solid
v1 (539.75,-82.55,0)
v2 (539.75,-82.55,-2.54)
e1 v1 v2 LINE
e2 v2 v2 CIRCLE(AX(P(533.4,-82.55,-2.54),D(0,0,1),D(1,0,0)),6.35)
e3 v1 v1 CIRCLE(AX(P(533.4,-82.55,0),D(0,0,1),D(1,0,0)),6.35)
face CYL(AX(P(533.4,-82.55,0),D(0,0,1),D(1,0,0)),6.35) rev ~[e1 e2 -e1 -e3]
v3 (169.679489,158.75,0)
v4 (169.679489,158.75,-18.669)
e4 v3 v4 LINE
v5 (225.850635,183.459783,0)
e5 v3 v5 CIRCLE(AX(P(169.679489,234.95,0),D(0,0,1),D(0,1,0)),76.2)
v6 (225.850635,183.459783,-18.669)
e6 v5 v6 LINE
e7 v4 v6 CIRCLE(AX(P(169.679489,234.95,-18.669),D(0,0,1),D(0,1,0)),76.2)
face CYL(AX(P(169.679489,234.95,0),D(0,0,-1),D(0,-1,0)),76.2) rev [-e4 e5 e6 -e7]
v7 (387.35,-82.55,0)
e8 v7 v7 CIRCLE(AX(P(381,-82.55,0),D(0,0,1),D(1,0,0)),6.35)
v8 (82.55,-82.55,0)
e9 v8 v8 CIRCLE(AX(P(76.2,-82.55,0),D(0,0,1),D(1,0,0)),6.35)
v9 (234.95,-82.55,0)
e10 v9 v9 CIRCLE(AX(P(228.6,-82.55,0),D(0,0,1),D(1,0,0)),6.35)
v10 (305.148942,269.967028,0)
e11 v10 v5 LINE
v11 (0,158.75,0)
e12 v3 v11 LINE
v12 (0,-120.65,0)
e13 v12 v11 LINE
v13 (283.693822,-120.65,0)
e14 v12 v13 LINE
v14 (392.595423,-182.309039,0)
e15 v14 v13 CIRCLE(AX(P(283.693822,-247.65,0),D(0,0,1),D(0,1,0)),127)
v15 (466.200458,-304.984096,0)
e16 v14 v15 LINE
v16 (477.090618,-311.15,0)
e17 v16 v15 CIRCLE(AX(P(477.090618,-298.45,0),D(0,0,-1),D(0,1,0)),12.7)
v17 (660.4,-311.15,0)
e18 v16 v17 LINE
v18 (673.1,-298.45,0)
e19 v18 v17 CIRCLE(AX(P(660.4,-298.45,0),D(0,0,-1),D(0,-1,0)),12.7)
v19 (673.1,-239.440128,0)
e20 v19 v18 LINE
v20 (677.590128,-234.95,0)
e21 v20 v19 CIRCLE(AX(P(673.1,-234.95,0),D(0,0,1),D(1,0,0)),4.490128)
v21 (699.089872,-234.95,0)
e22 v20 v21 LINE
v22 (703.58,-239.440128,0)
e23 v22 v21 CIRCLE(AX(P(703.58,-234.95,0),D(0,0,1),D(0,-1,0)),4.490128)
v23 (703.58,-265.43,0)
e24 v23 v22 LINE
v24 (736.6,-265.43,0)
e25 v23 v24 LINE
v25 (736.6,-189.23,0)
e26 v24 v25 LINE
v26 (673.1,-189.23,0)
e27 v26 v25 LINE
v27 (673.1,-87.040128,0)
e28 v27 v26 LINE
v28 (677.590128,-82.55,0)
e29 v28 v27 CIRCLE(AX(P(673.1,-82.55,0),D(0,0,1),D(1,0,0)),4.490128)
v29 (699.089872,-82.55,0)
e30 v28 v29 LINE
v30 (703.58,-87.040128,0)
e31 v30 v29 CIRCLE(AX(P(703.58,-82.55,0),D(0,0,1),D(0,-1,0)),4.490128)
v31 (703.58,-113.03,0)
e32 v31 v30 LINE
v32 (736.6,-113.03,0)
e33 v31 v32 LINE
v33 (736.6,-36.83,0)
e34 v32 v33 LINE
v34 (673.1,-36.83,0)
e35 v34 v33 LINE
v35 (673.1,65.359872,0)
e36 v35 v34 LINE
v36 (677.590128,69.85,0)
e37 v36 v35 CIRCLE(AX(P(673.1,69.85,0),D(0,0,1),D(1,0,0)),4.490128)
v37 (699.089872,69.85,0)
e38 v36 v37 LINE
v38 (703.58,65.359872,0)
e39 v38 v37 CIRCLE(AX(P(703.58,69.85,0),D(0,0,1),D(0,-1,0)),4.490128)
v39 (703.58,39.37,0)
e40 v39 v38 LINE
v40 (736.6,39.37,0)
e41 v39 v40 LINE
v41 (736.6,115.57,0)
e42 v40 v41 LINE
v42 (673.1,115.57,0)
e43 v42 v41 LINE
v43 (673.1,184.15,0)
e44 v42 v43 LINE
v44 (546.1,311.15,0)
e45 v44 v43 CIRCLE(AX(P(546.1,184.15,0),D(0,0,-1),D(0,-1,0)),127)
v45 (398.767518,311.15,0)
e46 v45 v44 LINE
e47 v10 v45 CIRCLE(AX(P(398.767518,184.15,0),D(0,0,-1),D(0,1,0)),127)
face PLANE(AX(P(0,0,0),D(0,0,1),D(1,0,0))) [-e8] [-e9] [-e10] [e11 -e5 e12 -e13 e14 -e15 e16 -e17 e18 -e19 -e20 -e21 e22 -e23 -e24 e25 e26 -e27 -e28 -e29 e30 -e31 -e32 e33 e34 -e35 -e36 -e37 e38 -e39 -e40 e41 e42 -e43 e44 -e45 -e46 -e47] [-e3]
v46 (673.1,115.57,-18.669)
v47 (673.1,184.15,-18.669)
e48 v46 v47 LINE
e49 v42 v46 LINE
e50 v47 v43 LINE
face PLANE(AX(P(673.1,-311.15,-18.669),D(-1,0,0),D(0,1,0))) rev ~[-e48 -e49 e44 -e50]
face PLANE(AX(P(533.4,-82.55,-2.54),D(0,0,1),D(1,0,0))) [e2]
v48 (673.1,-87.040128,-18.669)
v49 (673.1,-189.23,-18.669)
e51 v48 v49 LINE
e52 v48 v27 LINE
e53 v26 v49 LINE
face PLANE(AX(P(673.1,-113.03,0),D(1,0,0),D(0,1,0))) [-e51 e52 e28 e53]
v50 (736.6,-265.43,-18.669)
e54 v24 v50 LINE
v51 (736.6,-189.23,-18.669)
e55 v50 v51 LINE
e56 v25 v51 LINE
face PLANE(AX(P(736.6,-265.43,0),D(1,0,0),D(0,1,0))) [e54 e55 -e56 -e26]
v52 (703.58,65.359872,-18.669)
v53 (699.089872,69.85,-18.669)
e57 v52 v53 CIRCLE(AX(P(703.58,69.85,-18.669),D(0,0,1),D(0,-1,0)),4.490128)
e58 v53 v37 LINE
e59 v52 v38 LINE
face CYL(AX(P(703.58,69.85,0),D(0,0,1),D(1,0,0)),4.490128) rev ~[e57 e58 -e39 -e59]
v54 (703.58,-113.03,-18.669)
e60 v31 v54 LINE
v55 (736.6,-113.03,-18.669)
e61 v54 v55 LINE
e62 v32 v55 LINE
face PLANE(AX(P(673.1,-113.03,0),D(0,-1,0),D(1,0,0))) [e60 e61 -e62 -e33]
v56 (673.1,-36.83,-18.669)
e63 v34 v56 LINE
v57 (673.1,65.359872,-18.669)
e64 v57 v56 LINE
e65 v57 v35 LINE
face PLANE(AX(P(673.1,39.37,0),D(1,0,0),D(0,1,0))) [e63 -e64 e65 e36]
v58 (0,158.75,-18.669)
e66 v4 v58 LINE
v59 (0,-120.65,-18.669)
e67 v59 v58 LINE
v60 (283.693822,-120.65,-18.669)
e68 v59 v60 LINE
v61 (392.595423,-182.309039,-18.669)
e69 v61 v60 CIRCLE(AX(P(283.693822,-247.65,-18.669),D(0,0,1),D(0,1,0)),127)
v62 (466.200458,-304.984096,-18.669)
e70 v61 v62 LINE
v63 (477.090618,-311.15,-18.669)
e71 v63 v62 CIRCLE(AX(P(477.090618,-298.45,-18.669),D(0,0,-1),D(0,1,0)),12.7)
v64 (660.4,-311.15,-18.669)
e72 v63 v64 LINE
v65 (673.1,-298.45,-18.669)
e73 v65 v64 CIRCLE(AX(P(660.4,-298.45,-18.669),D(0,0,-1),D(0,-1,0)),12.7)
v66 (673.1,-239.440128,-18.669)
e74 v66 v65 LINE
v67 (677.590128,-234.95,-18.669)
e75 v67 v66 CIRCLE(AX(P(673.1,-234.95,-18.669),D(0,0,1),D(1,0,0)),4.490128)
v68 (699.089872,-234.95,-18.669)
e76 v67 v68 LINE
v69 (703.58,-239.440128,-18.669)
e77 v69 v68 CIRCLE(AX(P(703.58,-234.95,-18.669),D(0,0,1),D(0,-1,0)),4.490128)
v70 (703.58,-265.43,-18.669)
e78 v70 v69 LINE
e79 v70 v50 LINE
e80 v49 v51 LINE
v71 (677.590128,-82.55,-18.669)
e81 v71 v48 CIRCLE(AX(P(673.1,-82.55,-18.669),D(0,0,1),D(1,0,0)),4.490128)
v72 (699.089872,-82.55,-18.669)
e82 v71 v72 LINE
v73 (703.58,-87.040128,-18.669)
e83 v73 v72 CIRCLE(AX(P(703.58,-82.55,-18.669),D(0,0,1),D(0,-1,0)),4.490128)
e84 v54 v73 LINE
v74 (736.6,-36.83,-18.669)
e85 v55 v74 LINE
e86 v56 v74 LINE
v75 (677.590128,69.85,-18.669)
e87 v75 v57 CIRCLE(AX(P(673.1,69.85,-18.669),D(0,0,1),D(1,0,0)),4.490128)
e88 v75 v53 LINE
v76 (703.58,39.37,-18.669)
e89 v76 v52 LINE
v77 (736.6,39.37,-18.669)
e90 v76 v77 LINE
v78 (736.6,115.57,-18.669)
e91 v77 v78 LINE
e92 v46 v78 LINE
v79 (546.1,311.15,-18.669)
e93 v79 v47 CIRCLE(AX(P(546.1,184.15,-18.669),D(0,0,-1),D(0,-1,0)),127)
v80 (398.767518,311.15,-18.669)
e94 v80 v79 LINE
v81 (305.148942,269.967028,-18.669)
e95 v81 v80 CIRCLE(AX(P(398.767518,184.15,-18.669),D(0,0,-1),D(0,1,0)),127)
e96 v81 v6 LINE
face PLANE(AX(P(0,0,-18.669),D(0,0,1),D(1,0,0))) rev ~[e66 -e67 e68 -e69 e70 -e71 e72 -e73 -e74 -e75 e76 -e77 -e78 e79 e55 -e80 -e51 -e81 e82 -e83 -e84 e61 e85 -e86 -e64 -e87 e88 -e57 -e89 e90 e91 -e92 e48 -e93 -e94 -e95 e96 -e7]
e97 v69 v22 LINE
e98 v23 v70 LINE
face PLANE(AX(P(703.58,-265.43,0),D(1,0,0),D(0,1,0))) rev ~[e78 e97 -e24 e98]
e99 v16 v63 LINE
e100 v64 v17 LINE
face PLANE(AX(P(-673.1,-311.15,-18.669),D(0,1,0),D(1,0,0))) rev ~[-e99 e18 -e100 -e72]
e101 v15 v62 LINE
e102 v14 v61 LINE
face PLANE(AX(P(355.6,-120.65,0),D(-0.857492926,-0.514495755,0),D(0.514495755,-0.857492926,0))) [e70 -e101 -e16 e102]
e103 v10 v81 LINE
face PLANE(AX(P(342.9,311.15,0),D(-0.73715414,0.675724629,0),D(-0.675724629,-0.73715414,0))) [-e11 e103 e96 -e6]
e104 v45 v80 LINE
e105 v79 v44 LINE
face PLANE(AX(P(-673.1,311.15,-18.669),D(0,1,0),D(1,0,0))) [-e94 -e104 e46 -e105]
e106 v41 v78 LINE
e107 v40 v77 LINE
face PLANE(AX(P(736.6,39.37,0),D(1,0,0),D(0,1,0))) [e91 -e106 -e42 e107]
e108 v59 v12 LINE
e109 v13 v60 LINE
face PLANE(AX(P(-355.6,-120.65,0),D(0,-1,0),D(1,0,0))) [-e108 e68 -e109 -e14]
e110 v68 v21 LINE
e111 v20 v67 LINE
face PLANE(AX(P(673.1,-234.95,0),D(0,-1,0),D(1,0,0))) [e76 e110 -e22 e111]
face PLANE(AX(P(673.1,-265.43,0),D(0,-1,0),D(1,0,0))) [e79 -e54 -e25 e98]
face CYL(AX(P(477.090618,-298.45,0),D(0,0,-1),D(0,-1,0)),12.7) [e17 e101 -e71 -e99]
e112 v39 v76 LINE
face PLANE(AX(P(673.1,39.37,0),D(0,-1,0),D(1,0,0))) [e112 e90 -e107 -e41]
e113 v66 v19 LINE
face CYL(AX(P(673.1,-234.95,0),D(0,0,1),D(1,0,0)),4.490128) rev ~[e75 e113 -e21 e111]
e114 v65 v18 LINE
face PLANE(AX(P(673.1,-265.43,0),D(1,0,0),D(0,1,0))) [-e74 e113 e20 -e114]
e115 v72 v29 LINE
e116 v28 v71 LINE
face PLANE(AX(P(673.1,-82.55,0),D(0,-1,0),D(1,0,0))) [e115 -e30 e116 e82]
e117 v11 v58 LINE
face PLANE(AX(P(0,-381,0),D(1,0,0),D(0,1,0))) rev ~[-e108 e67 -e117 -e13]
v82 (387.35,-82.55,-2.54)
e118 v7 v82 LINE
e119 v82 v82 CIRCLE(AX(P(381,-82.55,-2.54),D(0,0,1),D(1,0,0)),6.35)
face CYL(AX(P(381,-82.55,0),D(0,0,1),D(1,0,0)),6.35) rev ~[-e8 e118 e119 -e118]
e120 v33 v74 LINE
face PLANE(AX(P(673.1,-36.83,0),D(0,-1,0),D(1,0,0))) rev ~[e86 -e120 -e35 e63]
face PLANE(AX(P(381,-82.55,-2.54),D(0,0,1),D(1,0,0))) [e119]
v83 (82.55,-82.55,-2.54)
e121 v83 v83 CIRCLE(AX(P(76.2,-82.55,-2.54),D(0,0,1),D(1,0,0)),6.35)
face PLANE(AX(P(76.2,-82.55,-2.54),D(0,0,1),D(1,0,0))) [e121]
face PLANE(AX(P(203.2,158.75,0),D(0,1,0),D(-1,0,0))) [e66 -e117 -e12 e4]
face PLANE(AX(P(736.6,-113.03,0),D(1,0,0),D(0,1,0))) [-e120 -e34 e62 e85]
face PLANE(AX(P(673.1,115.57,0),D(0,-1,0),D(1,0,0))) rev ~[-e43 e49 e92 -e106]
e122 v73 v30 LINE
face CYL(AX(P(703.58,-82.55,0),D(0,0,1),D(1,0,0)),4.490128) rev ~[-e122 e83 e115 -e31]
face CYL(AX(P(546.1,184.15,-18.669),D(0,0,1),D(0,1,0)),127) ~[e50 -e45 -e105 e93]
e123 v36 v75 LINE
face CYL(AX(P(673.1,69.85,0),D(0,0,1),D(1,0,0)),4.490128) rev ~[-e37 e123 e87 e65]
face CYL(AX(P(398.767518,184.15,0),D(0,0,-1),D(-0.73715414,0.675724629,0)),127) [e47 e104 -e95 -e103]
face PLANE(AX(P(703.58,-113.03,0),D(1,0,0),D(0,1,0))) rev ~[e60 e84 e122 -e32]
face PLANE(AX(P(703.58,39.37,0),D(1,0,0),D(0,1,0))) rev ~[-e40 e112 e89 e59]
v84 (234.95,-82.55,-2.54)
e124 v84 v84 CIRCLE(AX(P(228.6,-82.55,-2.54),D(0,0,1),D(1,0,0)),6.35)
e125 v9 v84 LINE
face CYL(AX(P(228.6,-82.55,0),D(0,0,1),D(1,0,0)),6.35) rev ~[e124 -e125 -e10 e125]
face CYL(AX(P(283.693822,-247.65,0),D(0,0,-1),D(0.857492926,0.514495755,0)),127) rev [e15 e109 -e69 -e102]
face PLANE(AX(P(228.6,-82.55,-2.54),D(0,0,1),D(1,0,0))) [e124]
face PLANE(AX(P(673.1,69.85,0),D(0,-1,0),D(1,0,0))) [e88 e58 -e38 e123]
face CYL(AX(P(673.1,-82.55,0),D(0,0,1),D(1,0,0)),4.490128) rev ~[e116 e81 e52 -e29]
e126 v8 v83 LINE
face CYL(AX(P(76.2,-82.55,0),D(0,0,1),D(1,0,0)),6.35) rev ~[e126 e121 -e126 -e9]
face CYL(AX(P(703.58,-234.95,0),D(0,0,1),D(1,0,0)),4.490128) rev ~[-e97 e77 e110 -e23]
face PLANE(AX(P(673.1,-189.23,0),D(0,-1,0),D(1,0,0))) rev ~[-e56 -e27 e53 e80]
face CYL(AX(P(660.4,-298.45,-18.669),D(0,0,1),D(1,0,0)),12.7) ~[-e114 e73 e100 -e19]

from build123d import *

# Parameters (mm, degrees)
SKETCH_W        = 1346.2
SKETCH_H        = 622.3
PAD_DEPTH       = 18.669
POCKET_DEPTH    = 18.67
POCKET001_DEPTH = 18.67
SKETCH003_W     = 63.5
SKETCH003_H     = 76.2
PAD001_DEPTH    = 18.669
FILLET_R        = 12.7
FILLET001_R     = 127
SKETCH004_W     = 30.48
SKETCH004_H     = 30.48
POCKET002_DEPTH = 18.67
SKETCH005_R     = 4.490128
POCKET003_DEPTH = 18.67
FILLET002_R     = 127
FILLET003_R     = 127
FILLET004_R     = 76.2
SKETCH006_W     = 736.6
SKETCH006_H     = 762
POCKET004_DEPTH = 18.67
SKETCH007_R     = 6.35
POCKET005_DEPTH = 2.54


with BuildPart() as part:
    # Sketch → Pad (new body)
    with BuildSketch(Plane.XY):
        Rectangle(SKETCH_W, SKETCH_H)
    extrude(amount=PAD_DEPTH)

    # Sketch001 (on Face6 of Pad) → Pocket (cut, through all)
    with BuildSketch(Plane.XY.offset(18.669)):
        Polygon((-355.6, -120.65), (355.6, -120.65), (469.9, -311.15), (-469.9, -311.15), align=None)
    extrude(amount=-POCKET_DEPTH, mode=Mode.SUBTRACT)

    # Sketch002 (on Face5 of Pocket) → Pocket001 (cut, through all)
    with BuildSketch(Plane.XY.offset(18.669)):
        Polygon((-342.9, 311.15), (342.9, 311.15), (203.2, 158.75), (-203.2, 158.75), align=None)
    extrude(amount=-POCKET001_DEPTH, mode=Mode.SUBTRACT)

    # Sketch003 (on Face4 of Pocket001) → Pad001 (join)
    with BuildSketch(Plane.XY.offset(18.669)):
        with Locations((704.85, 77.47)):
            Rectangle(SKETCH003_W, SKETCH003_H)
        with Locations((704.85, -74.93)):
            Rectangle(SKETCH003_W, SKETCH003_H)
        with Locations((704.85, -227.33)):
            Rectangle(SKETCH003_W, SKETCH003_H)
        with Locations((-704.85, -227.33)):
            Rectangle(SKETCH003_W, SKETCH003_H)
        with Locations((-704.85, 77.47)):
            Rectangle(SKETCH003_W, SKETCH003_H)
        with Locations((-704.85, -74.93)):
            Rectangle(SKETCH003_W, SKETCH003_H)
    extrude(amount=-PAD001_DEPTH)

    # Fillet
    fillet_edges = [part.edges().sort_by_distance(p)[0] for p in [
        (673.1, -311.15, 9.3345),
        (-673.1, -311.15, 9.3345),
        (-469.9, -311.15, 9.3345),
        (469.9, -311.15, 9.3345),
    ]]
    fillet(fillet_edges, radius=FILLET_R)

    # Fillet001
    fillet001_edges = [part.edges().sort_by_distance(p)[0] for p in [
        (-673.1, 311.15, 9.3345),
        (673.1, 311.15, 9.3345),
    ]]
    fillet(fillet001_edges, radius=FILLET001_R)

    # Sketch004 (on Face52 of Fillet001) → Pocket002 (cut, through all)
    with BuildSketch(Plane.XY.offset(18.669)):
        with Locations((-688.34, 54.61)):
            Rectangle(SKETCH004_W, SKETCH004_H)
        with Locations((-688.34, -97.79)):
            Rectangle(SKETCH004_W, SKETCH004_H)
        with Locations((-688.34, -250.19)):
            Rectangle(SKETCH004_W, SKETCH004_H)
        with Locations((688.34, -250.19)):
            Rectangle(SKETCH004_W, SKETCH004_H)
        with Locations((688.34, -97.79)):
            Rectangle(SKETCH004_W, SKETCH004_H)
        with Locations((688.34, 54.61)):
            Rectangle(SKETCH004_W, SKETCH004_H)
    extrude(amount=-POCKET002_DEPTH, mode=Mode.SUBTRACT)

    # Sketch005 (on Face69 of Pocket002) → Pocket003 (cut, through all)
    with BuildSketch(Plane.XY.offset(18.669)):
        with Locations((703.58, -234.95)):
            Circle(SKETCH005_R)
        with Locations((673.1, -234.95)):
            Circle(SKETCH005_R)
        with Locations((703.58, -82.55)):
            Circle(SKETCH005_R)
        with Locations((673.1, -82.55)):
            Circle(SKETCH005_R)
        with Locations((703.58, 69.85)):
            Circle(SKETCH005_R)
        with Locations((673.1, 69.85)):
            Circle(SKETCH005_R)
        with Locations((-673.1, 69.85)):
            Circle(SKETCH005_R)
        with Locations((-703.58, 69.85)):
            Circle(SKETCH005_R)
        with Locations((-673.1, -82.55)):
            Circle(SKETCH005_R)
        with Locations((-703.58, -82.55)):
            Circle(SKETCH005_R)
        with Locations((-703.58, -234.95)):
            Circle(SKETCH005_R)
        with Locations((-673.1, -234.95)):
            Circle(SKETCH005_R)
    extrude(amount=-POCKET003_DEPTH, mode=Mode.SUBTRACT)

    # Fillet002
    fillet002_edges = [part.edges().sort_by_distance(p)[0] for p in [
        (-355.6, -120.65, 9.3345),
        (355.6, -120.65, 9.3345),
    ]]
    fillet(fillet002_edges, radius=FILLET002_R)

    # Fillet003
    fillet003_edges = [part.edges().sort_by_distance(p)[0] for p in [
        (-342.9, 311.15, 9.3345),
        (342.9, 311.15, 9.3345),
    ]]
    fillet(fillet003_edges, radius=FILLET003_R)

    # Fillet004
    fillet004_edges = [part.edges().sort_by_distance(p)[0] for p in [
        (-203.2, 158.75, 9.3345),
        (203.2, 158.75, 9.3345),
    ]]
    fillet(fillet004_edges, radius=FILLET004_R)

    # Sketch006 (on Face53 of Fillet004) → Pocket004 (cut, through all)
    with BuildSketch(Plane.XY.offset(18.669)):
        with Locations((-368.3, 0)):
            Rectangle(SKETCH006_W, SKETCH006_H)
    extrude(amount=-POCKET004_DEPTH, mode=Mode.SUBTRACT)

    # Sketch007 (on Face28 of Pocket004) → Pocket005 (cut)
    with BuildSketch(Plane.XY.offset(18.669)):
        with Locations((76.2, -82.55)):
            Circle(SKETCH007_R)
        with Locations((228.6, -82.55)):
            Circle(SKETCH007_R)
        with Locations((381, -82.55)):
            Circle(SKETCH007_R)
        with Locations((533.4, -82.55)):
            Circle(SKETCH007_R)
    extrude(amount=-POCKET005_DEPTH, mode=Mode.SUBTRACT)


with BuildPart() as part_1:
    # Clone placement: moved
    add(part.part.moved(Location((0, 0, -18.669))))


solid = part_1.part
